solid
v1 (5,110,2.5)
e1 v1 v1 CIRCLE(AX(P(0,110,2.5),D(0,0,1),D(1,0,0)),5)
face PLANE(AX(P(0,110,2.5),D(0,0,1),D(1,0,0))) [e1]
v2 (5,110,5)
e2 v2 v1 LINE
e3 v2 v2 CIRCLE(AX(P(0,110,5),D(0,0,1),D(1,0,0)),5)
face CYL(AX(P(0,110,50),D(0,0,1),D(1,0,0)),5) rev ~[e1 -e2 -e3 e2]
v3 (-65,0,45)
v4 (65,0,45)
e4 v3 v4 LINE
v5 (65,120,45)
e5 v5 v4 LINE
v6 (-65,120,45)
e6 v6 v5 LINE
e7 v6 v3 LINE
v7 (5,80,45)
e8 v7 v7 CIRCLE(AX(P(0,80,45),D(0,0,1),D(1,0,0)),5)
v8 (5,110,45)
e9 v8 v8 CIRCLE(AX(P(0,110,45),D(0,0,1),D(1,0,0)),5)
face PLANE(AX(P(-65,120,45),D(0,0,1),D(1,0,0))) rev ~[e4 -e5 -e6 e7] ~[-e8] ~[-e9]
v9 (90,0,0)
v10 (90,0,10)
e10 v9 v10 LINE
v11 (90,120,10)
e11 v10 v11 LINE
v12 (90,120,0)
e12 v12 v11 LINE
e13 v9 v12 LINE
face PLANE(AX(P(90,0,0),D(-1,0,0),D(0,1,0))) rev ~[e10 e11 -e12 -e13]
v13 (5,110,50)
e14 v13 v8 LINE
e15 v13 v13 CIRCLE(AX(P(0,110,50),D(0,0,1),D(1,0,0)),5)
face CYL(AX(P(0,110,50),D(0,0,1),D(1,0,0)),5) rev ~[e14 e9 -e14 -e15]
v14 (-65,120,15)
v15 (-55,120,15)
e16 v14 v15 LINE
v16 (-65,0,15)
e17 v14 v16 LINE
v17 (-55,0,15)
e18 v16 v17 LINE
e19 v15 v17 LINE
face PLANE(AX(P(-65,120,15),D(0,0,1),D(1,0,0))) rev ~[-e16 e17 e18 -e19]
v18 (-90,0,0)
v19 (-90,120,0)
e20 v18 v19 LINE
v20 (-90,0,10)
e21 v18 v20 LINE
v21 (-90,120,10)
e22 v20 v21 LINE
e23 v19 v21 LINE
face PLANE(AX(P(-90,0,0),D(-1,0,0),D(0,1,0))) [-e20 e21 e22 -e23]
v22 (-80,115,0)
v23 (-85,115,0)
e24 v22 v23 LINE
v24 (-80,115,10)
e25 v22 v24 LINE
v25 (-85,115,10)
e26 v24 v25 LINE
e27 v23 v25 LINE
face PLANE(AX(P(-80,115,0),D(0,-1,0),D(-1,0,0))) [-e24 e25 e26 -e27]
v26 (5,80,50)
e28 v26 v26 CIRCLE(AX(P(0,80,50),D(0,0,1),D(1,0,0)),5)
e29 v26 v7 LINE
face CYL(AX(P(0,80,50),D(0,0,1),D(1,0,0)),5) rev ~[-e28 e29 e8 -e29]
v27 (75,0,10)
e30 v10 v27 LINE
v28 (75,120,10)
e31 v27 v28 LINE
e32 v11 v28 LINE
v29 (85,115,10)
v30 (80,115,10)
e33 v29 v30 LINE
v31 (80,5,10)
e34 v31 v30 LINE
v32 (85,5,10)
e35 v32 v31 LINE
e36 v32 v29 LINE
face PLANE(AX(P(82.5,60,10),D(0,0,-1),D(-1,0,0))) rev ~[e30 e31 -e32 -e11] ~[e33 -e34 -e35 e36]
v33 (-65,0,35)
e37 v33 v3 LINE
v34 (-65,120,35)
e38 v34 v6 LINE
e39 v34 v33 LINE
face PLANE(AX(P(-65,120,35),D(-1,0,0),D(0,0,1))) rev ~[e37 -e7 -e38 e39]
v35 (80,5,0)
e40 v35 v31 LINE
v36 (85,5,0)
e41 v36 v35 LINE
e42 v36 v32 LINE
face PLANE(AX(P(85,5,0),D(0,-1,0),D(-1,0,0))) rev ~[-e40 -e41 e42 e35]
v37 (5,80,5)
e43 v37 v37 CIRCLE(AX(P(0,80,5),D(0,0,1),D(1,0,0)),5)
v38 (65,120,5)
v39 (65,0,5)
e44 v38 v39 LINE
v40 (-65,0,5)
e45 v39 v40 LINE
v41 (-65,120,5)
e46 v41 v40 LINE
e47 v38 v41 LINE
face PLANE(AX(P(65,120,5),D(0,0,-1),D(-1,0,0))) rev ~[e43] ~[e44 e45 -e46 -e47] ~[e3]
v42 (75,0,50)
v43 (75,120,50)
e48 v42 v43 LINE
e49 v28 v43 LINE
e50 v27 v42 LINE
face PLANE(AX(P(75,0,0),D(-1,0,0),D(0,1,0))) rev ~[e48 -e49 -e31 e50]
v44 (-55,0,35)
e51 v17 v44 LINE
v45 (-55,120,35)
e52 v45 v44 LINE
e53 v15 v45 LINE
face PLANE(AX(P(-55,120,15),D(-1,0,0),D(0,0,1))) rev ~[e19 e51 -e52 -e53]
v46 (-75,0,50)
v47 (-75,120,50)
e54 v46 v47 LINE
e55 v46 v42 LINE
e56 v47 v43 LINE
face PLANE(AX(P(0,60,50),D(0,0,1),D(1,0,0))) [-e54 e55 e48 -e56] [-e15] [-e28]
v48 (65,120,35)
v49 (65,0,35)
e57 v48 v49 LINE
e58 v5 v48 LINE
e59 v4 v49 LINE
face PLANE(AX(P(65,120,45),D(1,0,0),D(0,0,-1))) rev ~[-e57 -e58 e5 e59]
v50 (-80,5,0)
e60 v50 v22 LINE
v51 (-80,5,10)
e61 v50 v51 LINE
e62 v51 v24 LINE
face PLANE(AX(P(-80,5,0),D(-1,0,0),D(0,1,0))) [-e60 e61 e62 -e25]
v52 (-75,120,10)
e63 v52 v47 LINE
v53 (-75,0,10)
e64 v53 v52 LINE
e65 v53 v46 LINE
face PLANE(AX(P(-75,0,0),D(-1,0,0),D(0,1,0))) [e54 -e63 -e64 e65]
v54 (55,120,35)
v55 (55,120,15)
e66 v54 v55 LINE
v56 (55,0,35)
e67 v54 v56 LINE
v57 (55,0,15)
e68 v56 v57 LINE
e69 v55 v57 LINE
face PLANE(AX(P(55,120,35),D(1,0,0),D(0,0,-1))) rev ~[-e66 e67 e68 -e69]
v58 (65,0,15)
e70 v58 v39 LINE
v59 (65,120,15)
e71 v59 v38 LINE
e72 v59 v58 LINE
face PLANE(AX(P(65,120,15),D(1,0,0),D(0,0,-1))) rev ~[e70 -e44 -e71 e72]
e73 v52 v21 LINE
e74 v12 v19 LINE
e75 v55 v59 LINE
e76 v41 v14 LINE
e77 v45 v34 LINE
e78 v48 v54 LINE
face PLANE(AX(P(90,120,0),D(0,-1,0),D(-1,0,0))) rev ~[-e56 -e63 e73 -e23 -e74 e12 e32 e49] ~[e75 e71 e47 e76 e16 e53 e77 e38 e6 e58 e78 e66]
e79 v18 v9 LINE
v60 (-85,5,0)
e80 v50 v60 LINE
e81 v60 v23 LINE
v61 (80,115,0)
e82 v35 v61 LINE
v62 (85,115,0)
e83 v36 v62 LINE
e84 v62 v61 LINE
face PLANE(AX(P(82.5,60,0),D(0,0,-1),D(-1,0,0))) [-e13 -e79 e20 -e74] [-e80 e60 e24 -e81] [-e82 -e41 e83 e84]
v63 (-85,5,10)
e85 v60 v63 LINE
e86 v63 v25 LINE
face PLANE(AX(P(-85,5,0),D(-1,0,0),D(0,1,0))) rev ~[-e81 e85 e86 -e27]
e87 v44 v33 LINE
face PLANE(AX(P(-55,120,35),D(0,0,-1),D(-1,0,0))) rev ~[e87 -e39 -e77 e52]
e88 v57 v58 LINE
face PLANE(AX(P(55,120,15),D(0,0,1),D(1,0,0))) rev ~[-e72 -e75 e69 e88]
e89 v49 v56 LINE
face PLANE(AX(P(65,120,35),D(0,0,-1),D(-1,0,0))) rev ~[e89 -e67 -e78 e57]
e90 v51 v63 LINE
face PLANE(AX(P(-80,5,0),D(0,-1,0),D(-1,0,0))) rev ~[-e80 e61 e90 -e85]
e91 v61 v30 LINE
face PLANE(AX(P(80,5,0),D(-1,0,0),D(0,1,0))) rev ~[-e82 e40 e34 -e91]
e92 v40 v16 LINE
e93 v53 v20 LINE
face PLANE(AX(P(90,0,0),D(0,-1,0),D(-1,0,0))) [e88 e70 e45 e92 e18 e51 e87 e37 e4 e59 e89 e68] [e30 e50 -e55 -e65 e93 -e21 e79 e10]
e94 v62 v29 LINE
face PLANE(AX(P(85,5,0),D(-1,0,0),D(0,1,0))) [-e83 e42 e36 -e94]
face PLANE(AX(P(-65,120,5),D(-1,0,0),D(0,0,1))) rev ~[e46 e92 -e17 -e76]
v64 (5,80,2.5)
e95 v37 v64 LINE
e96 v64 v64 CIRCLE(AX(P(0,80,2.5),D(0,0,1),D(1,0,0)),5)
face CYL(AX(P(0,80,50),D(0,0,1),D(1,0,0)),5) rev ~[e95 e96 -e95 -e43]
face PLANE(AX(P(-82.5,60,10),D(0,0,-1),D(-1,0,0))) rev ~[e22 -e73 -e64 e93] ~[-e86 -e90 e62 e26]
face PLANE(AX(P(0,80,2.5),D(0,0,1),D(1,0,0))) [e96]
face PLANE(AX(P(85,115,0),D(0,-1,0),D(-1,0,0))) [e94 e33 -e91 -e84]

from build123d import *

# Parameters (mm, degrees)
SKETCH1_W           = 150
SKETCH1_H           = 120
BODY_DEPTH          = 50
SPINE_SOCKET_DEPTH  = 151.083310198
SKETCH3_R           = 5
CUT_EXTRUDE2_DEPTH  = 47.5
SKETCH4_W           = 15
SKETCH4_H           = 120
SKETCH4_W_2         = 5
SKETCH4_H_2         = 110
BOSS_EXTRUDE2_DEPTH = 10


with BuildPart() as part:
    # Sketch1 → body (new body)
    with BuildSketch(Plane.XY):
        with Locations((0, 60)):
            Rectangle(SKETCH1_W, SKETCH1_H)
    extrude(amount=BODY_DEPTH)

    # Sketch2 → spine socket (cut, through all)
    with BuildSketch(Plane(origin=(0, 120, 0), x_dir=(1, 0, 0), z_dir=(0, 1, 0))):
        Polygon((-65, -5), (-65, -15), (-55, -15), (-55, -35), (-65, -35), (-65, -45), (65, -45), (65, -35), (55, -35), (55, -15), (65, -15), (65, -5), align=None)
    extrude(amount=-SPINE_SOCKET_DEPTH, mode=Mode.SUBTRACT)

    # Sketch3 → Cut-Extrude2 (cut)
    with BuildSketch(Plane.XY.offset(50)):
        with Locations((0, 110)):
            Circle(SKETCH3_R)
        with Locations((0, 80)):
            Circle(SKETCH3_R)
    extrude(amount=-CUT_EXTRUDE2_DEPTH, mode=Mode.SUBTRACT)

    # Sketch4 → Boss-Extrude2 (add)
    # profile 1 of 2: a face of its own
    with BuildSketch(Plane(origin=(0, 0, 0), x_dir=(-1, 0, 0), z_dir=(0, 0, -1))):
        with Locations((-82.5, 60)):
            Rectangle(SKETCH4_W, SKETCH4_H)
        with Locations((-82.5, 60)):
            Rectangle(SKETCH4_W_2, SKETCH4_H_2, mode=Mode.SUBTRACT)
    # profile 2 of 2: a face of its own
    with BuildSketch(Plane(origin=(0, 0, 0), x_dir=(-1, 0, 0), z_dir=(0, 0, -1))):
        with Locations((82.5, 60)):
            Rectangle(SKETCH4_W, SKETCH4_H)
        with Locations((82.5, 60)):
            Rectangle(SKETCH4_W_2, SKETCH4_H_2, mode=Mode.SUBTRACT)
    extrude(amount=-BOSS_EXTRUDE2_DEPTH)


solid = part.part
